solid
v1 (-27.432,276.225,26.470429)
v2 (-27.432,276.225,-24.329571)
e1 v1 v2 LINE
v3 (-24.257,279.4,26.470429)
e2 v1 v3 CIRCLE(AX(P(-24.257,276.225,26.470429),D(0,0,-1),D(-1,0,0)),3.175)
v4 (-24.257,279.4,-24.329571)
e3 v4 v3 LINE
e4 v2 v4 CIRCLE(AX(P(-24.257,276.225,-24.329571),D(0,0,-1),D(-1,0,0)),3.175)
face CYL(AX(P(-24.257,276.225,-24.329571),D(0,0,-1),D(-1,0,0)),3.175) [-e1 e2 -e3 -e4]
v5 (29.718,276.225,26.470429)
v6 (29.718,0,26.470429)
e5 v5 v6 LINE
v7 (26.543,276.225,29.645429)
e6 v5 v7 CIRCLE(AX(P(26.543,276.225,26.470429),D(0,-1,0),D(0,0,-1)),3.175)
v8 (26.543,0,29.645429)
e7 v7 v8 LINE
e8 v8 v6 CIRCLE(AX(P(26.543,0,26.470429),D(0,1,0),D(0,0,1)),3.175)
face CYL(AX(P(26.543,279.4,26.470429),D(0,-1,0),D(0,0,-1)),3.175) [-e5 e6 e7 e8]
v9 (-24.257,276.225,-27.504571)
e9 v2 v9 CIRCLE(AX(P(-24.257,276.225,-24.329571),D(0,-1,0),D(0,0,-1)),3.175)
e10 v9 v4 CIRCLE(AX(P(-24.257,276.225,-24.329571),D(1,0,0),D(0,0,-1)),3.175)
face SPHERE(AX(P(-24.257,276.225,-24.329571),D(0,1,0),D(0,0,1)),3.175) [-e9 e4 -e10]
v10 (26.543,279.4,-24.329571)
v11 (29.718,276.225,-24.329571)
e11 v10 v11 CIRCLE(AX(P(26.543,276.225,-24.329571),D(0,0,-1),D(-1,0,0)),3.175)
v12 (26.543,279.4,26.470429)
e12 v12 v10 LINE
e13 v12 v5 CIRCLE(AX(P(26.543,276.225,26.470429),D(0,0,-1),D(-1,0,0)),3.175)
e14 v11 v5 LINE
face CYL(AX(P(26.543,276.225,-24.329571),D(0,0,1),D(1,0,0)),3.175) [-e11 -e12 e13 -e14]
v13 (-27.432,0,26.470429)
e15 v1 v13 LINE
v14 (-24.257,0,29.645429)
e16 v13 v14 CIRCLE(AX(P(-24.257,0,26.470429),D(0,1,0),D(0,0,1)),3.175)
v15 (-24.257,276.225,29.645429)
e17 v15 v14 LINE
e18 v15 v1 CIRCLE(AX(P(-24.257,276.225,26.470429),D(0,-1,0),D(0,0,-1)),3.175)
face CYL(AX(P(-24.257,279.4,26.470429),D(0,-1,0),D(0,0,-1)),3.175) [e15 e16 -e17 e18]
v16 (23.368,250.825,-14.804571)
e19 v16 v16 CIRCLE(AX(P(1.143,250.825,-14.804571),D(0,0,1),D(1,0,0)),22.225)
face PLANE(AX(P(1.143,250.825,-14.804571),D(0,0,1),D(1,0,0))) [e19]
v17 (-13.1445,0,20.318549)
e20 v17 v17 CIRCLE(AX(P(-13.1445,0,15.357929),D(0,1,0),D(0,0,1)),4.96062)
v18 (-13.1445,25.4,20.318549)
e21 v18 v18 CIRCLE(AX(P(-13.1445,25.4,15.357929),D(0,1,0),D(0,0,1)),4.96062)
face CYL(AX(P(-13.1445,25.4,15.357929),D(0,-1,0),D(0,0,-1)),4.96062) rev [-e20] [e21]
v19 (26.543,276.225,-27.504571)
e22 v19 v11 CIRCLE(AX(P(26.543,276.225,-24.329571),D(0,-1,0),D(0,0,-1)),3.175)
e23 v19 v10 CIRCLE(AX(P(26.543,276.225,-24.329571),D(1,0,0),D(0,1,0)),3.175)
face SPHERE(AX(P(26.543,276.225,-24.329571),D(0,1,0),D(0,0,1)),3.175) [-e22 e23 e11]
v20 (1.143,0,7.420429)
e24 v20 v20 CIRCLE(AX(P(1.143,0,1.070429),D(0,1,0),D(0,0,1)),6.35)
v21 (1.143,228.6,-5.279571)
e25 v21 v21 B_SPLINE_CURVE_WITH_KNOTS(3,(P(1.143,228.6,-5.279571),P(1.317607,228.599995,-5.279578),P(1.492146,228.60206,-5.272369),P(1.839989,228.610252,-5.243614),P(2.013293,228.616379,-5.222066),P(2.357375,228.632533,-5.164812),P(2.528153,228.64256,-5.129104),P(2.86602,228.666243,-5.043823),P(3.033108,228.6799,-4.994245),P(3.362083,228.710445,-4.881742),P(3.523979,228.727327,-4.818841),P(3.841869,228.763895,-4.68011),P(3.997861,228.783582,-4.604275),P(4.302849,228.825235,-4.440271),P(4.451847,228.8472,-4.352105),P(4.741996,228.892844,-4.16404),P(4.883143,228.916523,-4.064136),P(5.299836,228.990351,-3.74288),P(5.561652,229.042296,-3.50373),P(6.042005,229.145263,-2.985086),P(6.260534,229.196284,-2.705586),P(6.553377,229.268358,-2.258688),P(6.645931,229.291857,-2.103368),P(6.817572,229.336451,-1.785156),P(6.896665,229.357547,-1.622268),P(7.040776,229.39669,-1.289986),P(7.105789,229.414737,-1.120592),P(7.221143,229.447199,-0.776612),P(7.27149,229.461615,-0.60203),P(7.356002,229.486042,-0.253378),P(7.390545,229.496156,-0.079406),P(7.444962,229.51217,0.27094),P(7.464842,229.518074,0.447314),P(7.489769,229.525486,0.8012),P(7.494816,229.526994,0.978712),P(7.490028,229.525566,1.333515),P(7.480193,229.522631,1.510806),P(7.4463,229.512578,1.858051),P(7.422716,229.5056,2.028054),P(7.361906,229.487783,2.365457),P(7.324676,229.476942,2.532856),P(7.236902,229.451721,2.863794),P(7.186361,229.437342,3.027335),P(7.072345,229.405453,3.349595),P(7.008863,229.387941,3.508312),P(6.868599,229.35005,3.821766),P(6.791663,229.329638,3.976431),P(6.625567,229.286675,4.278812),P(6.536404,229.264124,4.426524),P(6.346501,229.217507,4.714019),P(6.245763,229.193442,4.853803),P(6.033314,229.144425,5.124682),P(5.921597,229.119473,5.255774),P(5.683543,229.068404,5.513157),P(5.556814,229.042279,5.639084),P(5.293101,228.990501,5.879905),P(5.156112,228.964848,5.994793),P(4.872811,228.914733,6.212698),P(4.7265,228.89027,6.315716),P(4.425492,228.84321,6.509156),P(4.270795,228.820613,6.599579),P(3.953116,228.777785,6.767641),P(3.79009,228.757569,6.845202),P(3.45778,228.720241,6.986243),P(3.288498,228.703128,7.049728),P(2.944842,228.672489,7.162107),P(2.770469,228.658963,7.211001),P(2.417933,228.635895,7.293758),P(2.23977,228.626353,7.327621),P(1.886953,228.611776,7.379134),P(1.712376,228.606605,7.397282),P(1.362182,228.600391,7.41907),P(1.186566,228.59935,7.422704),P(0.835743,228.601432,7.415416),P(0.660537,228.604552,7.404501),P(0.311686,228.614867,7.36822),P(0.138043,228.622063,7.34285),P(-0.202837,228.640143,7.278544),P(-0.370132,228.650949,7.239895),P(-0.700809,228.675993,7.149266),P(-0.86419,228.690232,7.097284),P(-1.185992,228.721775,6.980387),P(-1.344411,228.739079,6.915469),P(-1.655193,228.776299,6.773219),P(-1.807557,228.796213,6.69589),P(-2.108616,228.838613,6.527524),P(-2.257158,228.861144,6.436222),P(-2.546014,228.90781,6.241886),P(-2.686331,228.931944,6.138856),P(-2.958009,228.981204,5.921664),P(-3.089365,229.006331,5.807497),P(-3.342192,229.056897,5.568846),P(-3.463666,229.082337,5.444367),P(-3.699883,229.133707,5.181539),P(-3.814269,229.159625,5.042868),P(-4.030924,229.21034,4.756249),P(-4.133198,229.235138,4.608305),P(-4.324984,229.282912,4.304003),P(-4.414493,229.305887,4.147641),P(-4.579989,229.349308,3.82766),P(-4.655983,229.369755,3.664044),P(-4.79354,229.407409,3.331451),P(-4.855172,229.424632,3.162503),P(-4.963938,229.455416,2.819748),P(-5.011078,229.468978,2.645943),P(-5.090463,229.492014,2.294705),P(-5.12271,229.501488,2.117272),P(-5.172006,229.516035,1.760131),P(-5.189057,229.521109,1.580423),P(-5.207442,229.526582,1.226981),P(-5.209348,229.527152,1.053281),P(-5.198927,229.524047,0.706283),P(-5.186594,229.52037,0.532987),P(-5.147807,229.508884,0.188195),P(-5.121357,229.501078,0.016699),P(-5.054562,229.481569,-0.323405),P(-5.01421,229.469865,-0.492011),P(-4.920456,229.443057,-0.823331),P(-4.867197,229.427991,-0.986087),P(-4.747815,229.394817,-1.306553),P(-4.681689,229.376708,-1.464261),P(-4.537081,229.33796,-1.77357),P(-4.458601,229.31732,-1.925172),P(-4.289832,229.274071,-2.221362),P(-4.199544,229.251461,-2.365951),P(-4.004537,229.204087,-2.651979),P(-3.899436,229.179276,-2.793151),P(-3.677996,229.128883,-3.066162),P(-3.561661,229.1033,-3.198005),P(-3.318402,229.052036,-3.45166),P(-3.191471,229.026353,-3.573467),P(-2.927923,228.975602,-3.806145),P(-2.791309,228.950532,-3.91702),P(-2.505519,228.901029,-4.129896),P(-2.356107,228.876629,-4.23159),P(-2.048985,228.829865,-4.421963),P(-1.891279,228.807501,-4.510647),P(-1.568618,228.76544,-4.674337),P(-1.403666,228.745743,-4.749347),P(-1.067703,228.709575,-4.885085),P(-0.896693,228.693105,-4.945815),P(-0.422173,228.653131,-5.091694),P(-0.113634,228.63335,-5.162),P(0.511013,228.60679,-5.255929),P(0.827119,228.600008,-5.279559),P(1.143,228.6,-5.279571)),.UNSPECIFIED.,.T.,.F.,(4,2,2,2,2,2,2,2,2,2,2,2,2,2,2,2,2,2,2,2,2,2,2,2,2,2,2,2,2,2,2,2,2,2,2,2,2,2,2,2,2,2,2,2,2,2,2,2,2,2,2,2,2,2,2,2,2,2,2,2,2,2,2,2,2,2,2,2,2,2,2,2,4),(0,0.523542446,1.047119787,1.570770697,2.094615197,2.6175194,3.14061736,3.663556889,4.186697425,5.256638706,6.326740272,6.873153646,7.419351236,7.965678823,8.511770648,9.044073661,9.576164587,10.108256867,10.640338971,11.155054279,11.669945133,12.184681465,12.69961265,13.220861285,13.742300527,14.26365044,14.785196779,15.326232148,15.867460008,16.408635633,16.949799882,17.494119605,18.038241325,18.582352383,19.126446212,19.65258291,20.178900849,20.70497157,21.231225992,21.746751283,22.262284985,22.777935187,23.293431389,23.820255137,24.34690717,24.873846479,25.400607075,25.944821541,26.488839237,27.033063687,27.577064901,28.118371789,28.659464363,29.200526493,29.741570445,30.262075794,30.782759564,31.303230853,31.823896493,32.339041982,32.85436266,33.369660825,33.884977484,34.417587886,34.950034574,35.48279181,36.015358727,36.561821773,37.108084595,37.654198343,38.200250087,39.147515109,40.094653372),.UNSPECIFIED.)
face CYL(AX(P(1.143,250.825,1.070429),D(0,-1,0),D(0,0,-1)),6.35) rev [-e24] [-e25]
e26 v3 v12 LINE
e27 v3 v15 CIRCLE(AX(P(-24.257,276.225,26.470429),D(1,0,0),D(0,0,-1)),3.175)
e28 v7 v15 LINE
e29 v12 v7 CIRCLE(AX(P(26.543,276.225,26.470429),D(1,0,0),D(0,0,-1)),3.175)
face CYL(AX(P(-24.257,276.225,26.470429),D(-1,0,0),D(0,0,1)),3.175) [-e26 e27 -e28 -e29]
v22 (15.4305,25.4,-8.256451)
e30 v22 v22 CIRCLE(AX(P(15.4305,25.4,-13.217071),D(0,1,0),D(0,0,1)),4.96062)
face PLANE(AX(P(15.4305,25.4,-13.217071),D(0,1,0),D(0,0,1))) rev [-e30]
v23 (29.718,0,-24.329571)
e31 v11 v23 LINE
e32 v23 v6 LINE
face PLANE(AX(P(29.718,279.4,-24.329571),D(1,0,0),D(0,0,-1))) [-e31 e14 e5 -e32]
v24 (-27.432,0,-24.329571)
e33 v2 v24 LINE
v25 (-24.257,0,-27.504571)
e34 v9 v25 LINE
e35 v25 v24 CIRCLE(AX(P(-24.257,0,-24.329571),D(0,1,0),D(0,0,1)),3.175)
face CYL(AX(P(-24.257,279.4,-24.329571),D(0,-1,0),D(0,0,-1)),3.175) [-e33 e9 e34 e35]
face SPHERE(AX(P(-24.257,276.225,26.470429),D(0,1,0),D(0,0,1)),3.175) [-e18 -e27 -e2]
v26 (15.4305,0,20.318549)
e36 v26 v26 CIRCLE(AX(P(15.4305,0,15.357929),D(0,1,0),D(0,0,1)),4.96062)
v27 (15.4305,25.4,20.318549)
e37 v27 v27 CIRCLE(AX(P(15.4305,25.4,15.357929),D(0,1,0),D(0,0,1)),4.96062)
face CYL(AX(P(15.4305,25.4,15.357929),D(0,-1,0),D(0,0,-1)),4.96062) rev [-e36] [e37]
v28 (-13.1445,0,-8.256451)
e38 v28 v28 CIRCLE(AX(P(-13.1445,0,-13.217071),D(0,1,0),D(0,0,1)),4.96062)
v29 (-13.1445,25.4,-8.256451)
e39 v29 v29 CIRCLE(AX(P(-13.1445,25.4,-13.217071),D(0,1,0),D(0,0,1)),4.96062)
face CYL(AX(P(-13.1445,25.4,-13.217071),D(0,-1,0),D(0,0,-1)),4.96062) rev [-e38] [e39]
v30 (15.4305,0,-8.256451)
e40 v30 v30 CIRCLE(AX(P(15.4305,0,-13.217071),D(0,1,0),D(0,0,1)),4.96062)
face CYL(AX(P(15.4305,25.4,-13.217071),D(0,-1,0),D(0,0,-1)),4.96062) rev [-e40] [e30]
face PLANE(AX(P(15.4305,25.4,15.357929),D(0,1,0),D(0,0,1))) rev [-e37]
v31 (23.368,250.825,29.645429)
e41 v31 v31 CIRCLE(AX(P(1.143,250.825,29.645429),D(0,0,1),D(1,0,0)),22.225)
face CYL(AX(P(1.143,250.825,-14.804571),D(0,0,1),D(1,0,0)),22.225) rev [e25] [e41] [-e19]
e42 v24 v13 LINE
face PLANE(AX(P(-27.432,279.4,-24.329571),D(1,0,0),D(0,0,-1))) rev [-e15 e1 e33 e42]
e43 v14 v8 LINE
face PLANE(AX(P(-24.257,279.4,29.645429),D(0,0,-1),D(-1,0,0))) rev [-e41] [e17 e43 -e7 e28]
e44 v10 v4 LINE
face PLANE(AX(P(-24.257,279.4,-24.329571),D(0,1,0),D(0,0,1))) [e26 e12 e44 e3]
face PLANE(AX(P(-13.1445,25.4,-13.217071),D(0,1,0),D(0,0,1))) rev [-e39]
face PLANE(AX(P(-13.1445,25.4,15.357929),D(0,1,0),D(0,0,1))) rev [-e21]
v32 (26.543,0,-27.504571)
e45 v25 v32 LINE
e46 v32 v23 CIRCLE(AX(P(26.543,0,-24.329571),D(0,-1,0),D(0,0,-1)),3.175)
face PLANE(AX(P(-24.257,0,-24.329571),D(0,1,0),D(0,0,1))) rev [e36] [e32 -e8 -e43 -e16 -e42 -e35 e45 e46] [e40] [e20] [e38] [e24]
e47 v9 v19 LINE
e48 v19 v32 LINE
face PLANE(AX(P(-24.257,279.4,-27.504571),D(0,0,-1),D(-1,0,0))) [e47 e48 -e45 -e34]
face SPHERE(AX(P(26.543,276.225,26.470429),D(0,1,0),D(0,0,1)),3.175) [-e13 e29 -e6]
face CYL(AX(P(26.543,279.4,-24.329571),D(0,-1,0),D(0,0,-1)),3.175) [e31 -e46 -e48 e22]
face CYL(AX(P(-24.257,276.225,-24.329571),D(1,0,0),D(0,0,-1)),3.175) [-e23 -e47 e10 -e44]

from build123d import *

# Parameters (mm, degrees)
BOSS_EXTRUDE1_DEPTH = 279.4
SKETCH1_4_R         = 4.96062
CUT_EXTRUDE1_DEPTH  = 25.4
SKETCH1_5_R         = 6.35
CUT_EXTRUDE2_DEPTH  = 250.825
FILLET1_R           = 3.175
SKETCH4_R           = 22.225
CUT_EXTRUDE3_DEPTH  = 44.45


with BuildPart() as part:
    # Sketch1 → Boss-Extrude1 (new body)
    with BuildSketch(Plane(origin=(0, 0, 0), x_dir=(1, 0, 0), z_dir=(0, 1, 0))):
        with BuildLine():
            Line((-24.257, 27.504571429), (26.543, 27.504571429))
            ThreePointArc((26.543, 27.504571429), (28.78806403, 26.574635459), (29.718, 24.329571429))
            Line((29.718, 24.329571429), (29.718, -26.470428571))
            ThreePointArc((29.718, -26.470428571), (28.78806403, -28.715492602), (26.543, -29.645428571))
            Line((26.543, -29.645428571), (-24.257, -29.645428571))
            ThreePointArc((-24.257, -29.645428571), (-26.50206403, -28.715492602), (-27.432, -26.470428571))
            Line((-27.432, -26.470428571), (-27.432, 24.329571429))
            ThreePointArc((-27.432, 24.329571429), (-26.50206403, 26.574635459), (-24.257, 27.504571429))
        make_face()
    extrude(amount=BOSS_EXTRUDE1_DEPTH)

    # Sketch1<4> → Cut-Extrude1 (cut)
    with BuildSketch(Plane(origin=(0, 0, 0), x_dir=(1, 0, 0), z_dir=(0, 1, 0))):
        with Locations((-13.1445, 13.217071429)):
            Circle(SKETCH1_4_R)
        with Locations((15.4305, 13.217071429)):
            Circle(SKETCH1_4_R)
        with Locations((15.4305, -15.357928571)):
            Circle(SKETCH1_4_R)
        with Locations((-13.1445, -15.357928571)):
            Circle(SKETCH1_4_R)
    extrude(amount=CUT_EXTRUDE1_DEPTH, mode=Mode.SUBTRACT)

    # Sketch1<5> → Cut-Extrude2 (cut)
    with BuildSketch(Plane(origin=(0, 0, 0), x_dir=(1, 0, 0), z_dir=(0, 1, 0))):
        with Locations((1.143, -1.070428571)):
            Circle(SKETCH1_5_R)
    extrude(amount=CUT_EXTRUDE2_DEPTH, mode=Mode.SUBTRACT)

    # Fillet1
    fillet1_edges = [part.edges().sort_by_distance(p)[0] for p in [
        (-26.50206403, 279.4, 28.715492602),
        (1.143, 279.4, 29.645428571),
        (28.78806403, 279.4, 28.715492602),
        (29.718, 279.4, 1.070428571),
        (28.78806403, 279.4, -26.574635459),
        (1.143, 279.4, -27.504571429),
        (-26.50206403, 279.4, -26.574635459),
        (-27.432, 279.4, 1.070428571),
    ]]
    fillet(fillet1_edges, radius=FILLET1_R)

    # Sketch4 → Cut-Extrude3 (cut)
    with BuildSketch(Plane.XY.offset(29.645428571)):
        with Locations((1.143, 250.825)):
            Circle(SKETCH4_R)
    extrude(amount=-CUT_EXTRUDE3_DEPTH, mode=Mode.SUBTRACT)


solid = part.part
